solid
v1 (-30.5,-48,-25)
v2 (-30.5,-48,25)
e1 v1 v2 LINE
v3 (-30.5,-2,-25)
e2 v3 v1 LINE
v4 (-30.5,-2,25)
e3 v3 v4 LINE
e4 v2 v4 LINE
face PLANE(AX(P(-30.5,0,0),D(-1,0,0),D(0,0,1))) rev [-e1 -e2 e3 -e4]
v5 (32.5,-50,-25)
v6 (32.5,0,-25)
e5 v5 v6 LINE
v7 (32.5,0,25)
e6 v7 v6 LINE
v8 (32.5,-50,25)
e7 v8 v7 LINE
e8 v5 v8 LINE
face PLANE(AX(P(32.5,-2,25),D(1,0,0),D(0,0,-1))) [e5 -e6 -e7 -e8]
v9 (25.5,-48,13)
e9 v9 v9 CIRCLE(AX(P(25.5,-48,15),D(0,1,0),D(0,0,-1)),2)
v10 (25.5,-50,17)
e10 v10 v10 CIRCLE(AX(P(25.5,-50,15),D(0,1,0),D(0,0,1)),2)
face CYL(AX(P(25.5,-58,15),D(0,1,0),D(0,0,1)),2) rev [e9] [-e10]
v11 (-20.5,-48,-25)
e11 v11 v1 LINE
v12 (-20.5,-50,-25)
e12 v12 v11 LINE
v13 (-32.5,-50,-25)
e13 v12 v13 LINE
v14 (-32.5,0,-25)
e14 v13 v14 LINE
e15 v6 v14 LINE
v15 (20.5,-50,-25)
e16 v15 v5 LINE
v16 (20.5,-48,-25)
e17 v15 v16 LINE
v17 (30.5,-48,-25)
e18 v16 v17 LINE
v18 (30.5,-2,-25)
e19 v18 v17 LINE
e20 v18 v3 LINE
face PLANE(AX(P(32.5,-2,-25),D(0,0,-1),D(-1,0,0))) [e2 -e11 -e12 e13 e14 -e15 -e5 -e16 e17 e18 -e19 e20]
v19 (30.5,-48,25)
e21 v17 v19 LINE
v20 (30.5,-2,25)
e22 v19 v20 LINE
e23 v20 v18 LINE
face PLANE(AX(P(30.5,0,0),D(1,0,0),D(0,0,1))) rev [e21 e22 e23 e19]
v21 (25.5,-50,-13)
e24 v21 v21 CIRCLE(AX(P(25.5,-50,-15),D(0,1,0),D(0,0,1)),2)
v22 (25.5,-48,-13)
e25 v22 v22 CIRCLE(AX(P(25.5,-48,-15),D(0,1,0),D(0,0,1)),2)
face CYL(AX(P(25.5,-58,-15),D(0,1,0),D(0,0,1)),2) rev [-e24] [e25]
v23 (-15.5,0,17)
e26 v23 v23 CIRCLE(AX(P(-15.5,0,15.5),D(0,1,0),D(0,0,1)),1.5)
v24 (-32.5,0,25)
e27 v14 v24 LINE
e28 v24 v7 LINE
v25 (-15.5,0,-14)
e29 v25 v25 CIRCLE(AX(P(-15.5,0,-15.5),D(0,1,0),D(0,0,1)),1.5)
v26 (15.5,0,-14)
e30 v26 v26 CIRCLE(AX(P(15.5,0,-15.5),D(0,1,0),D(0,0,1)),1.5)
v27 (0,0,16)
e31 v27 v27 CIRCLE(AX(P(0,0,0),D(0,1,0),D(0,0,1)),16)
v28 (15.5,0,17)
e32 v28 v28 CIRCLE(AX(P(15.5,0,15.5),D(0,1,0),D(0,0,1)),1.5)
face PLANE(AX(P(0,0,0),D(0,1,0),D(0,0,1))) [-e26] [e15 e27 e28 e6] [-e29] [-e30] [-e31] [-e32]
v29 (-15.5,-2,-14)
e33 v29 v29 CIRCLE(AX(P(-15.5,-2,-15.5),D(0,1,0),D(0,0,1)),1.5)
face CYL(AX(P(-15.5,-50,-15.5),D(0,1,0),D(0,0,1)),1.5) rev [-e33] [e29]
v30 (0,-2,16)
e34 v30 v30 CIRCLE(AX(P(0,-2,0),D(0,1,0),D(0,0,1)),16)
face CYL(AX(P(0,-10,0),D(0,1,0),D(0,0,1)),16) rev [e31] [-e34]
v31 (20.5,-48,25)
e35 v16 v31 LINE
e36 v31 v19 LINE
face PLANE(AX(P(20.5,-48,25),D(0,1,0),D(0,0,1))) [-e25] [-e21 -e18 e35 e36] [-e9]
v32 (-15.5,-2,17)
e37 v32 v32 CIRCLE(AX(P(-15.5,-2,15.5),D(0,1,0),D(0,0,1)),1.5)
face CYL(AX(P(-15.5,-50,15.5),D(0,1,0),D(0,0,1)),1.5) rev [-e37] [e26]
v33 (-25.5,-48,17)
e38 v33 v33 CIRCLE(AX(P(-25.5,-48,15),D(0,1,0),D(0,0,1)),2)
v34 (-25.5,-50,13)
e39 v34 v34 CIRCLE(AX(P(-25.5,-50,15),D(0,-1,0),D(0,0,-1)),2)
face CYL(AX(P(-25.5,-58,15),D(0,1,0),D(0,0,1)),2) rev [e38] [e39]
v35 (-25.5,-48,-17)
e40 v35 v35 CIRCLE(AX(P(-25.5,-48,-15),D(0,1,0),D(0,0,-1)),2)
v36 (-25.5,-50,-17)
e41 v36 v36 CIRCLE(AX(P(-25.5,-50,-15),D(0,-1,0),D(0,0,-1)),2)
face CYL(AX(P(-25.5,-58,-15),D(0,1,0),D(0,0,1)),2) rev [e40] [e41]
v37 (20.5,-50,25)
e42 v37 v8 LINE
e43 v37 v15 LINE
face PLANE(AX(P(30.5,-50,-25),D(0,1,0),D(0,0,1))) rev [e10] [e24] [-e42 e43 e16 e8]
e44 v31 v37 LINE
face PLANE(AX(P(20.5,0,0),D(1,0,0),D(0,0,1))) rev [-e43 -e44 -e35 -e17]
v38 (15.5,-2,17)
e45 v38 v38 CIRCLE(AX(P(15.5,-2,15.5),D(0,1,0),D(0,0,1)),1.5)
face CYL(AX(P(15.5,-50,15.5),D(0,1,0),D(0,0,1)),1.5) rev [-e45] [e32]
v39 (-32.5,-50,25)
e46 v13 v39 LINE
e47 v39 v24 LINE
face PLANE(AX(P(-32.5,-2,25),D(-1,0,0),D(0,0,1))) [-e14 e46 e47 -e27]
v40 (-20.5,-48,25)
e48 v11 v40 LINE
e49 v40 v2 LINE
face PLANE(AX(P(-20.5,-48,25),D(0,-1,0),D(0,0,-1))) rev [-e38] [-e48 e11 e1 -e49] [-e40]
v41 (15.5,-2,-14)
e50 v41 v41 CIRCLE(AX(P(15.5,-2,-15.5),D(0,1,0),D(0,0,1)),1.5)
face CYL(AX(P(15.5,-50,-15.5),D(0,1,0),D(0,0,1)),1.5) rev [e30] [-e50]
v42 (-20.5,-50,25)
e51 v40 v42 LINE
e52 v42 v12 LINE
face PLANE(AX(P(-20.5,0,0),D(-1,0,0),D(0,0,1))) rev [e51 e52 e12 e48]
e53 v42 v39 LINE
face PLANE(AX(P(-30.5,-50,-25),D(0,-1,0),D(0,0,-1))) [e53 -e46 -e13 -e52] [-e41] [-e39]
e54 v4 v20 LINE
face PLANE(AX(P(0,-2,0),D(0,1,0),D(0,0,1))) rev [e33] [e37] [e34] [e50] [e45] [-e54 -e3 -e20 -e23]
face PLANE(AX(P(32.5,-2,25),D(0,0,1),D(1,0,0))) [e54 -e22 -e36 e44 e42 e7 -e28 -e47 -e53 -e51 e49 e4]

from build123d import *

# Parameters (mm, degrees)
ESBO_O1_W                = 65
ESBO_O1_H                = 50
RESSALTO_EXTRUS_O1_DEPTH = 2
ESBO_O2_W                = 50
ESBO_O2_H                = 50
RESSALTO_EXTRUS_O2_DEPTH = 2
ESBO_O3_W                = 50
ESBO_O3_H                = 2
RESSALTO_EXTRUS_O3_DEPTH = 10
ESBO_O4_R                = 1.5
CORTE_EXTRUS_O1_DEPTH    = 51
ESBO_O5_R                = 16
ESBO_O5_R_2              = 2.5
CORTE_EXTRUS_O2_DEPTH    = 10
ESBO_O6_R                = 2
CORTE_EXTRUS_O3_DEPTH    = 10


with BuildPart() as part:
    # Esboço1 → Ressalto-extrusão1 (new body)
    with BuildSketch(Plane(origin=(0, 0, 0), x_dir=(1, 0, 0), z_dir=(0, 1, 0))):
        Rectangle(ESBO_O1_W, ESBO_O1_H)
    extrude(amount=-RESSALTO_EXTRUS_O1_DEPTH)

    # Esboço2 → Ressalto-extrusão2 (add)
    with BuildSketch(Plane.ZY.offset(32.5)):
        with Locations((0, -25)):
            Rectangle(ESBO_O2_W, ESBO_O2_H)
    ressalto_extrus_o2 = extrude(amount=-RESSALTO_EXTRUS_O2_DEPTH)

    # Esboço3 → Ressalto-extrusão3 (add)
    with BuildSketch(Plane(origin=(-30.5, 0, 0), x_dir=(0, 0, -1), z_dir=(1, 0, 0))):
        with Locations((0, -49)):
            Rectangle(ESBO_O3_W, ESBO_O3_H)
    ressalto_extrus_o3 = extrude(amount=RESSALTO_EXTRUS_O3_DEPTH)

    # Espelhar1: Ressalto-extrusão2, Ressalto-extrusão3 across plane
    add(ressalto_extrus_o2.mirror(Plane(origin=(0, 0, 0), x_dir=(0, 0, 1), z_dir=(1, 0, 0))))
    add(ressalto_extrus_o3.mirror(Plane(origin=(0, 0, 0), x_dir=(0, 0, 1), z_dir=(1, 0, 0))))

    # Esboço4 → Corte-extrusão1 (cut, through all)
    with BuildSketch(Plane(origin=(0, 0, 0), x_dir=(1, 0, 0), z_dir=(0, 1, 0))):
        with Locations((-15.5, 15.5)):
            Circle(ESBO_O4_R)
        with Locations((-15.5, -15.5)):
            Circle(ESBO_O4_R)
        with Locations((15.5, -15.5)):
            Circle(ESBO_O4_R)
        with Locations((15.5, 15.5)):
            Circle(ESBO_O4_R)
    extrude(amount=-CORTE_EXTRUS_O1_DEPTH, mode=Mode.SUBTRACT)

    # Esboço5 → Corte-extrusão2 (cut)
    with BuildSketch(Plane(origin=(0, 0, 0), x_dir=(1, 0, 0), z_dir=(0, 1, 0))):
        Circle(ESBO_O5_R)
        Circle(ESBO_O5_R_2, mode=Mode.SUBTRACT)
        Circle(ESBO_O5_R_2)
    extrude(amount=-CORTE_EXTRUS_O2_DEPTH, mode=Mode.SUBTRACT)

    # Esboço6 → Corte-extrusão3 (cut)
    with BuildSketch(Plane(origin=(0, -48, 0), x_dir=(1, 0, 0), z_dir=(0, 1, 0))):
        with Locations((-25.5, -15)):
            Circle(ESBO_O6_R)
        with Locations((25.5, -15)):
            Circle(ESBO_O6_R)
        with Locations((25.5, 15)):
            Circle(ESBO_O6_R)
        with Locations((-25.5, 15)):
            Circle(ESBO_O6_R)
    extrude(amount=-CORTE_EXTRUS_O3_DEPTH, mode=Mode.SUBTRACT)


solid = part.part
